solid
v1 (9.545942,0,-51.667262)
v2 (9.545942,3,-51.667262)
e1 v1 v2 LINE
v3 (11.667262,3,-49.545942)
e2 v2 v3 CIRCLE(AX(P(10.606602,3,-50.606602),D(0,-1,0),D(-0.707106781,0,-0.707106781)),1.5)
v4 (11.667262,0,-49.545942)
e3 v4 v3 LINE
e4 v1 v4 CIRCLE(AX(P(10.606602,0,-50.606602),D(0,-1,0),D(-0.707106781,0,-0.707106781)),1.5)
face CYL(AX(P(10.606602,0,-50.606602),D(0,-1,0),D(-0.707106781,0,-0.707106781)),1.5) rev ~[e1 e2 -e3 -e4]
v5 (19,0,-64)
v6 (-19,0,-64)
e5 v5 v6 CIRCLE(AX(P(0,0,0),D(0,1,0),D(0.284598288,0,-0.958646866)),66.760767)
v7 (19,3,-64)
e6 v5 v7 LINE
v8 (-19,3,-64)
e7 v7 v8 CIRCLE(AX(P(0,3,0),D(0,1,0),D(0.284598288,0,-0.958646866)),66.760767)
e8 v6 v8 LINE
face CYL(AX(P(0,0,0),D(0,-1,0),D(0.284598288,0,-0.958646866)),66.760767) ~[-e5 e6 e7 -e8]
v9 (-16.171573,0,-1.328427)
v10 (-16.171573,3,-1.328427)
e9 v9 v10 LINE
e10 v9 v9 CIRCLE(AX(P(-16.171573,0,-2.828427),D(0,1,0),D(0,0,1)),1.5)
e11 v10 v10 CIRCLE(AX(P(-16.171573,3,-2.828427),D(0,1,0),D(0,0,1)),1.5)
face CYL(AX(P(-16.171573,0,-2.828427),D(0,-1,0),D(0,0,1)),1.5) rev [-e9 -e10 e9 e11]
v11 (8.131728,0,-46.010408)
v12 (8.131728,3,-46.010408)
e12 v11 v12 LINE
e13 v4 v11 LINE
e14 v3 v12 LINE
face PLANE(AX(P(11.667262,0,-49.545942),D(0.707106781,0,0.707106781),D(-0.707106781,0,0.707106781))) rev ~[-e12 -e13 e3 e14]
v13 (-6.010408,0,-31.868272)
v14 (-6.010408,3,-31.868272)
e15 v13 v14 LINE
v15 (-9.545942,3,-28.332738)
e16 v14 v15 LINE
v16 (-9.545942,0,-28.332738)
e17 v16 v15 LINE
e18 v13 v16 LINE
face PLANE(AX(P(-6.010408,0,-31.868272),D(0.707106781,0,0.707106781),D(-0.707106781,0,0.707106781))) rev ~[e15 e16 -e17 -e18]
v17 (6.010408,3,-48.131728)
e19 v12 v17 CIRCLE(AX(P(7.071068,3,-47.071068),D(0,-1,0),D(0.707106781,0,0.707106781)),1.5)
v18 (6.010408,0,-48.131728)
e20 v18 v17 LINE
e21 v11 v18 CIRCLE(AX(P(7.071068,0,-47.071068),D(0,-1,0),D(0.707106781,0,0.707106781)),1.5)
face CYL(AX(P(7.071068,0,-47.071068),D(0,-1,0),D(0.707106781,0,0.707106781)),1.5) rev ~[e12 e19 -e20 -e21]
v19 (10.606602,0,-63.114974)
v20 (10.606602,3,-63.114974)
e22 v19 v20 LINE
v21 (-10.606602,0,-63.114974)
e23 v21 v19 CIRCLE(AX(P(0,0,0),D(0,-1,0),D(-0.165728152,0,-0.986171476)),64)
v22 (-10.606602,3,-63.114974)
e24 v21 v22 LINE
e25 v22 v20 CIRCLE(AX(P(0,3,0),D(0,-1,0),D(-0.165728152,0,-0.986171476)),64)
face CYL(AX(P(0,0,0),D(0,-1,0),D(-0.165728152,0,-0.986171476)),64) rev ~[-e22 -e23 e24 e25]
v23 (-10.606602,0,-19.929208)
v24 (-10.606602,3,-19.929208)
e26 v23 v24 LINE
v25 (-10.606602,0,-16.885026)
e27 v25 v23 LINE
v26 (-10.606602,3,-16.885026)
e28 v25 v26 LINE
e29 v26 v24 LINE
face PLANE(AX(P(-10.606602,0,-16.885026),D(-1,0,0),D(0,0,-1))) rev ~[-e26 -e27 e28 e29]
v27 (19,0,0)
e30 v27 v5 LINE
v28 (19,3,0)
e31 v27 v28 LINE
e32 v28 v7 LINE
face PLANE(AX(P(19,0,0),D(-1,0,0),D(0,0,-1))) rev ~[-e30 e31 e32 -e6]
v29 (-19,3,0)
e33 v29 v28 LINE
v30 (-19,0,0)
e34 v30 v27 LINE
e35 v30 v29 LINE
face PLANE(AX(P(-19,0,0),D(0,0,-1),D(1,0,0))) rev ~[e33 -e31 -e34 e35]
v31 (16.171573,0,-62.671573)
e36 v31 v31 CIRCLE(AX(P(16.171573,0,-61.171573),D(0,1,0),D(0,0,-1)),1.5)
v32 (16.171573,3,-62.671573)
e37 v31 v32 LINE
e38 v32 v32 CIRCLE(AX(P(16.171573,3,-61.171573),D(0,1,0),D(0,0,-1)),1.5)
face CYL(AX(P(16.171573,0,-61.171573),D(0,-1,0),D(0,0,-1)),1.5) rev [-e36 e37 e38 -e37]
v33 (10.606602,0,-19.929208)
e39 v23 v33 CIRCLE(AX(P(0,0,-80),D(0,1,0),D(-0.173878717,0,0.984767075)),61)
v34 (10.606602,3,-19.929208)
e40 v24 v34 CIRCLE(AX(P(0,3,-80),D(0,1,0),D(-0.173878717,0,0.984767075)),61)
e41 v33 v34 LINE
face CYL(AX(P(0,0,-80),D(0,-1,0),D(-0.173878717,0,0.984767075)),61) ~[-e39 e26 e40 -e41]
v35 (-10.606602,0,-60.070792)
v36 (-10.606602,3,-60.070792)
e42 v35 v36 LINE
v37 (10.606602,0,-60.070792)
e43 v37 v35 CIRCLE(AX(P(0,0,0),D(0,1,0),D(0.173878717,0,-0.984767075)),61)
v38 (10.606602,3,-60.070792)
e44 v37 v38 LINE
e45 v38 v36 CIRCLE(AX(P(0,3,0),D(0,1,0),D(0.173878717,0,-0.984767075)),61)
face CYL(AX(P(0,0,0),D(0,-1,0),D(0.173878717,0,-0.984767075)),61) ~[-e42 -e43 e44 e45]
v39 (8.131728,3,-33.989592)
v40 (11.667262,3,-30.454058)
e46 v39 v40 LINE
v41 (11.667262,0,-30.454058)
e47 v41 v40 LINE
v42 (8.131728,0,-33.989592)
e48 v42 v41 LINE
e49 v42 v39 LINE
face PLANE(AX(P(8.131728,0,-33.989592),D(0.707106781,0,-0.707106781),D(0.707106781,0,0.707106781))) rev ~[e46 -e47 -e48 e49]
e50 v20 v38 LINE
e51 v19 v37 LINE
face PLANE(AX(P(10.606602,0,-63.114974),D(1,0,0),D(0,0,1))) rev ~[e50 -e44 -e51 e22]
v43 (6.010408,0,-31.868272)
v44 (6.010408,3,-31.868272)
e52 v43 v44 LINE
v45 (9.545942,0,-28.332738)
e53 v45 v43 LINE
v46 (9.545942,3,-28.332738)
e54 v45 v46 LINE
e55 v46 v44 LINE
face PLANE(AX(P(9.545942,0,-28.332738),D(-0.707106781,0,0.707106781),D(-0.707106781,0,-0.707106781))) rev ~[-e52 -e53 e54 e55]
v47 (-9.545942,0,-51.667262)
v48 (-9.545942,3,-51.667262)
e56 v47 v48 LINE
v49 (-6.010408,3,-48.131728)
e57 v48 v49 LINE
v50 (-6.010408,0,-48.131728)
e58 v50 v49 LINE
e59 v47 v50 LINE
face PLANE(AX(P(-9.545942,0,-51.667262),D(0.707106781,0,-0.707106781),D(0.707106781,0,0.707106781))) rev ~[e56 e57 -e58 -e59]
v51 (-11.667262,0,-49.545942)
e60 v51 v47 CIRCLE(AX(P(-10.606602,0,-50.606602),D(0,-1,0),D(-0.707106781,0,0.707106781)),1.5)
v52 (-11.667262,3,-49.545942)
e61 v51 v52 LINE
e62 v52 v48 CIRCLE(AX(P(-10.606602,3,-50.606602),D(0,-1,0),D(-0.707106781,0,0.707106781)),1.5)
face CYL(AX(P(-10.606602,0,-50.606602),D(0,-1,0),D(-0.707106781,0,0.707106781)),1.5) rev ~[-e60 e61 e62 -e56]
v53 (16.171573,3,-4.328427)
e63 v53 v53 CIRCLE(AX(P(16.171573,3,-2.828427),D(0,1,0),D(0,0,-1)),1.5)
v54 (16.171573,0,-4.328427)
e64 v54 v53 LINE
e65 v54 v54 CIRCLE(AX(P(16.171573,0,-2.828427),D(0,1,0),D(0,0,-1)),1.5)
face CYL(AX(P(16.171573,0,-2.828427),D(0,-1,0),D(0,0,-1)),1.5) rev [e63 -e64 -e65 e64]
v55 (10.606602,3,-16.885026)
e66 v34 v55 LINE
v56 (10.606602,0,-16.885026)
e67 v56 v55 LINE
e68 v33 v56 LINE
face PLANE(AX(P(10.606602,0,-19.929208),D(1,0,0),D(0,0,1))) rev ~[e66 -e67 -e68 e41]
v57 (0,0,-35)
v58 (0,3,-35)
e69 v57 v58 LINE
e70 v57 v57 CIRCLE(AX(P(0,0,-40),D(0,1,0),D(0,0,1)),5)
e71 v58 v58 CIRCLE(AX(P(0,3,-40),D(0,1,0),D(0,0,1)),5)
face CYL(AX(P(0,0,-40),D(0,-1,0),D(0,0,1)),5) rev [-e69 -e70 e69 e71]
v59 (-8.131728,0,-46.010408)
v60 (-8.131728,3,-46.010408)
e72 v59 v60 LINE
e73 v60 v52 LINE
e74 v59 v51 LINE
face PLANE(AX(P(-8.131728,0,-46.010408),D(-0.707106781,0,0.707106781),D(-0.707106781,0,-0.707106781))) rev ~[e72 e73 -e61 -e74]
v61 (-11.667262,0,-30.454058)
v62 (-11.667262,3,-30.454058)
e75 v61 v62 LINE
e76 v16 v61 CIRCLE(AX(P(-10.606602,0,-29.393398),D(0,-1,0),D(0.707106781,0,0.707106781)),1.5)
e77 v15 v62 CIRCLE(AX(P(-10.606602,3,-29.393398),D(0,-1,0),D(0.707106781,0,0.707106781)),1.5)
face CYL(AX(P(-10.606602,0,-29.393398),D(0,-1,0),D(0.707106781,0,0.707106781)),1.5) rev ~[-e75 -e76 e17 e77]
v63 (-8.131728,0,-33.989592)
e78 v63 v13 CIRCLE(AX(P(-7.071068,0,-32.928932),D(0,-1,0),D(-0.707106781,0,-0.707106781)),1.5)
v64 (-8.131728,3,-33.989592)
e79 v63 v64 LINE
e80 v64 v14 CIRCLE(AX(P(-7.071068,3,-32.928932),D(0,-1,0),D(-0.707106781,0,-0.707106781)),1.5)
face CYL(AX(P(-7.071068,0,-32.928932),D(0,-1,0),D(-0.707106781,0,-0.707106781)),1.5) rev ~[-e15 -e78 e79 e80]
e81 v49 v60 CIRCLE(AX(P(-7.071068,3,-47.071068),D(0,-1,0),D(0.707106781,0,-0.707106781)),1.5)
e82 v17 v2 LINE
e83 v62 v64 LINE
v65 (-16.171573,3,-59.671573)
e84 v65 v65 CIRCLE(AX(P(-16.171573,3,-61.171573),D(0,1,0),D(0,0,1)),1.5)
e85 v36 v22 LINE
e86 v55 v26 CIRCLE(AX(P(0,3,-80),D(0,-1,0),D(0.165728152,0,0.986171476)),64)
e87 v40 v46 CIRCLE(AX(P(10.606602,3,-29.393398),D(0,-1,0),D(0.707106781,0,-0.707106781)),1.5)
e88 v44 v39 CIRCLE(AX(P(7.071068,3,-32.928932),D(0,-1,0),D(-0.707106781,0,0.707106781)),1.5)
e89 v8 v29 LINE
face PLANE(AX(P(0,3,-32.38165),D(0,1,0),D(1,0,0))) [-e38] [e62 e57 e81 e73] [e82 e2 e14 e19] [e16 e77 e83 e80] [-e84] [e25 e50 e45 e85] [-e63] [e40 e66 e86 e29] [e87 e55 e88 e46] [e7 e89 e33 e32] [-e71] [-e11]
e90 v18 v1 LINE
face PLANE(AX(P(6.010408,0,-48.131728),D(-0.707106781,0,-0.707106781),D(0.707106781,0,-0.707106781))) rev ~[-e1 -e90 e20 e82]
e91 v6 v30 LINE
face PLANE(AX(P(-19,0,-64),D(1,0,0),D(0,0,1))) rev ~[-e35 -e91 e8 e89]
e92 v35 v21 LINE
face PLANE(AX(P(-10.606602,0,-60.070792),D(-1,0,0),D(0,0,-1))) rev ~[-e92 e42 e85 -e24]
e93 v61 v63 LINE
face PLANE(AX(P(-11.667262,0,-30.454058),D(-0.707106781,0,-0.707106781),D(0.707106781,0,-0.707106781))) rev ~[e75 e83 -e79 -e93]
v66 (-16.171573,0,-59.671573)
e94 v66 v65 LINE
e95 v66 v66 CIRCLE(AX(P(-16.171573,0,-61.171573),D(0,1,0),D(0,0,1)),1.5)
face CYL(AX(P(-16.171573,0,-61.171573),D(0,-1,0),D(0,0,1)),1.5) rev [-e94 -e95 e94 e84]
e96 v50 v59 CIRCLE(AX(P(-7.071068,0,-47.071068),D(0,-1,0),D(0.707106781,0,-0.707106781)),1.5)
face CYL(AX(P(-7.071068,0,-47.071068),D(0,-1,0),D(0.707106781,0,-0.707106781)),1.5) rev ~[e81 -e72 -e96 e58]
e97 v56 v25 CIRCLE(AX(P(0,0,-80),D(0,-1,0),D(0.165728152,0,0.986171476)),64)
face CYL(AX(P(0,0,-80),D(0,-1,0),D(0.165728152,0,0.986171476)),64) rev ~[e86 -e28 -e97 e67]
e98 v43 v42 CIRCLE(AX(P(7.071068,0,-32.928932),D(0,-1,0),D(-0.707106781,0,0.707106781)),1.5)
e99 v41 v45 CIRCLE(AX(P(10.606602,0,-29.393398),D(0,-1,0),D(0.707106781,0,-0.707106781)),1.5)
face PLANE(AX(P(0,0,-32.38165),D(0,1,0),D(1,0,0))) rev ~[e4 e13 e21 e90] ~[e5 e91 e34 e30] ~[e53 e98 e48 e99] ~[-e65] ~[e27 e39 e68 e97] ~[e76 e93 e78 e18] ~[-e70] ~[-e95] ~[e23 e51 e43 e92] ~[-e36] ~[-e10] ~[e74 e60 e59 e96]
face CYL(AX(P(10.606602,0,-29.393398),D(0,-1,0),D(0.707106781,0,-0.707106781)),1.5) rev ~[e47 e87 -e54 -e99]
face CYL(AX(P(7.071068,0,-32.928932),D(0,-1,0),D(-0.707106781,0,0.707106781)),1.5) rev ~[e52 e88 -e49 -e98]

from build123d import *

# Parameters (mm, degrees)
SKETCH_1_R      = 5
SKETCH_1_R_2    = 1.5
EXTRUDE_2_DEPTH = 3


with BuildPart() as part:
    # 草图1 → 凸台-拉伸2 (new body)
    with BuildSketch(Plane(origin=(0, 0, 0), x_dir=(1, 0, 0), z_dir=(0, 1, 0))):
        with BuildLine():
            Line((0, 0), (19, 0))
            Line((19, 0), (19, 64))
            ThreePointArc((19, 64), (0, 66.760766922), (-19, 64))
            Line((-19, 64), (-19, 0))
            Line((-19, 0), (0, 0))
        make_face()
        with Locations(Location((0, 40, 0), (0, 0, 270))):
            Circle(SKETCH_1_R, mode=Mode.SUBTRACT)
        with Locations(Location((-16.171572875, 2.828427125, 0), (0, 0, 270))):
            Circle(SKETCH_1_R_2, mode=Mode.SUBTRACT)
        with Locations(Location((-16.171572875, 61.171572875, 0), (0, 0, 270))):
            Circle(SKETCH_1_R_2, mode=Mode.SUBTRACT)
        with Locations(Location((16.171572875, 61.171572875, 0), (0, 0, 90))):
            Circle(SKETCH_1_R_2, mode=Mode.SUBTRACT)
        with Locations(Location((16.171572875, 2.828427125, 0), (0, 0, 90))):
            Circle(SKETCH_1_R_2, mode=Mode.SUBTRACT)
        with BuildLine():
            Line((10.606601718, 19.929208429), (10.606601718, 16.885025549))
            ThreePointArc((10.606601718, 16.885025549), (0, 16), (-10.606601718, 16.885025549))
            Line((-10.606601718, 16.885025549), (-10.606601718, 19.929208429))
            ThreePointArc((-10.606601718, 19.929208429), (0, 19), (10.606601718, 19.929208429))
        make_face(mode=Mode.SUBTRACT)
        with BuildLine():
            Line((-8.131727984, 46.01040764), (-11.66726189, 49.545941546))
            ThreePointArc((-11.66726189, 49.545941546), (-11.66726189, 51.66726189), (-9.545941546, 51.66726189))
            Line((-9.545941546, 51.66726189), (-6.01040764, 48.131727984))
            ThreePointArc((-6.01040764, 48.131727984), (-6.01040764, 46.01040764), (-8.131727984, 46.01040764))
        make_face(mode=Mode.SUBTRACT)
        with BuildLine():
            Line((6.01040764, 48.131727984), (9.545941546, 51.66726189))
            ThreePointArc((9.545941546, 51.66726189), (11.66726189, 51.66726189), (11.66726189, 49.545941546))
            Line((11.66726189, 49.545941546), (8.131727984, 46.01040764))
            ThreePointArc((8.131727984, 46.01040764), (6.01040764, 46.01040764), (6.01040764, 48.131727984))
        make_face(mode=Mode.SUBTRACT)
        with BuildLine():
            Line((8.131727984, 33.98959236), (11.66726189, 30.454058454))
            ThreePointArc((11.66726189, 30.454058454), (11.66726189, 28.33273811), (9.545941546, 28.33273811))
            Line((9.545941546, 28.33273811), (6.01040764, 31.868272016))
            ThreePointArc((6.01040764, 31.868272016), (6.01040764, 33.98959236), (8.131727984, 33.98959236))
        make_face(mode=Mode.SUBTRACT)
        with BuildLine():
            Line((-6.01040764, 31.868272016), (-9.545941546, 28.33273811))
            ThreePointArc((-9.545941546, 28.33273811), (-11.66726189, 28.33273811), (-11.66726189, 30.454058454))
            Line((-11.66726189, 30.454058454), (-8.131727984, 33.98959236))
            ThreePointArc((-8.131727984, 33.98959236), (-6.01040764, 33.98959236), (-6.01040764, 31.868272016))
        make_face(mode=Mode.SUBTRACT)
        with BuildLine():
            Line((-10.606601718, 60.070791571), (-10.606601718, 63.114974451))
            ThreePointArc((-10.606601718, 63.114974451), (0, 64), (10.606601718, 63.114974451))
            Line((10.606601718, 63.114974451), (10.606601718, 60.070791571))
            ThreePointArc((10.606601718, 60.070791571), (0, 61), (-10.606601718, 60.070791571))
        make_face(mode=Mode.SUBTRACT)
    extrude(amount=EXTRUDE_2_DEPTH)


solid = part.part
